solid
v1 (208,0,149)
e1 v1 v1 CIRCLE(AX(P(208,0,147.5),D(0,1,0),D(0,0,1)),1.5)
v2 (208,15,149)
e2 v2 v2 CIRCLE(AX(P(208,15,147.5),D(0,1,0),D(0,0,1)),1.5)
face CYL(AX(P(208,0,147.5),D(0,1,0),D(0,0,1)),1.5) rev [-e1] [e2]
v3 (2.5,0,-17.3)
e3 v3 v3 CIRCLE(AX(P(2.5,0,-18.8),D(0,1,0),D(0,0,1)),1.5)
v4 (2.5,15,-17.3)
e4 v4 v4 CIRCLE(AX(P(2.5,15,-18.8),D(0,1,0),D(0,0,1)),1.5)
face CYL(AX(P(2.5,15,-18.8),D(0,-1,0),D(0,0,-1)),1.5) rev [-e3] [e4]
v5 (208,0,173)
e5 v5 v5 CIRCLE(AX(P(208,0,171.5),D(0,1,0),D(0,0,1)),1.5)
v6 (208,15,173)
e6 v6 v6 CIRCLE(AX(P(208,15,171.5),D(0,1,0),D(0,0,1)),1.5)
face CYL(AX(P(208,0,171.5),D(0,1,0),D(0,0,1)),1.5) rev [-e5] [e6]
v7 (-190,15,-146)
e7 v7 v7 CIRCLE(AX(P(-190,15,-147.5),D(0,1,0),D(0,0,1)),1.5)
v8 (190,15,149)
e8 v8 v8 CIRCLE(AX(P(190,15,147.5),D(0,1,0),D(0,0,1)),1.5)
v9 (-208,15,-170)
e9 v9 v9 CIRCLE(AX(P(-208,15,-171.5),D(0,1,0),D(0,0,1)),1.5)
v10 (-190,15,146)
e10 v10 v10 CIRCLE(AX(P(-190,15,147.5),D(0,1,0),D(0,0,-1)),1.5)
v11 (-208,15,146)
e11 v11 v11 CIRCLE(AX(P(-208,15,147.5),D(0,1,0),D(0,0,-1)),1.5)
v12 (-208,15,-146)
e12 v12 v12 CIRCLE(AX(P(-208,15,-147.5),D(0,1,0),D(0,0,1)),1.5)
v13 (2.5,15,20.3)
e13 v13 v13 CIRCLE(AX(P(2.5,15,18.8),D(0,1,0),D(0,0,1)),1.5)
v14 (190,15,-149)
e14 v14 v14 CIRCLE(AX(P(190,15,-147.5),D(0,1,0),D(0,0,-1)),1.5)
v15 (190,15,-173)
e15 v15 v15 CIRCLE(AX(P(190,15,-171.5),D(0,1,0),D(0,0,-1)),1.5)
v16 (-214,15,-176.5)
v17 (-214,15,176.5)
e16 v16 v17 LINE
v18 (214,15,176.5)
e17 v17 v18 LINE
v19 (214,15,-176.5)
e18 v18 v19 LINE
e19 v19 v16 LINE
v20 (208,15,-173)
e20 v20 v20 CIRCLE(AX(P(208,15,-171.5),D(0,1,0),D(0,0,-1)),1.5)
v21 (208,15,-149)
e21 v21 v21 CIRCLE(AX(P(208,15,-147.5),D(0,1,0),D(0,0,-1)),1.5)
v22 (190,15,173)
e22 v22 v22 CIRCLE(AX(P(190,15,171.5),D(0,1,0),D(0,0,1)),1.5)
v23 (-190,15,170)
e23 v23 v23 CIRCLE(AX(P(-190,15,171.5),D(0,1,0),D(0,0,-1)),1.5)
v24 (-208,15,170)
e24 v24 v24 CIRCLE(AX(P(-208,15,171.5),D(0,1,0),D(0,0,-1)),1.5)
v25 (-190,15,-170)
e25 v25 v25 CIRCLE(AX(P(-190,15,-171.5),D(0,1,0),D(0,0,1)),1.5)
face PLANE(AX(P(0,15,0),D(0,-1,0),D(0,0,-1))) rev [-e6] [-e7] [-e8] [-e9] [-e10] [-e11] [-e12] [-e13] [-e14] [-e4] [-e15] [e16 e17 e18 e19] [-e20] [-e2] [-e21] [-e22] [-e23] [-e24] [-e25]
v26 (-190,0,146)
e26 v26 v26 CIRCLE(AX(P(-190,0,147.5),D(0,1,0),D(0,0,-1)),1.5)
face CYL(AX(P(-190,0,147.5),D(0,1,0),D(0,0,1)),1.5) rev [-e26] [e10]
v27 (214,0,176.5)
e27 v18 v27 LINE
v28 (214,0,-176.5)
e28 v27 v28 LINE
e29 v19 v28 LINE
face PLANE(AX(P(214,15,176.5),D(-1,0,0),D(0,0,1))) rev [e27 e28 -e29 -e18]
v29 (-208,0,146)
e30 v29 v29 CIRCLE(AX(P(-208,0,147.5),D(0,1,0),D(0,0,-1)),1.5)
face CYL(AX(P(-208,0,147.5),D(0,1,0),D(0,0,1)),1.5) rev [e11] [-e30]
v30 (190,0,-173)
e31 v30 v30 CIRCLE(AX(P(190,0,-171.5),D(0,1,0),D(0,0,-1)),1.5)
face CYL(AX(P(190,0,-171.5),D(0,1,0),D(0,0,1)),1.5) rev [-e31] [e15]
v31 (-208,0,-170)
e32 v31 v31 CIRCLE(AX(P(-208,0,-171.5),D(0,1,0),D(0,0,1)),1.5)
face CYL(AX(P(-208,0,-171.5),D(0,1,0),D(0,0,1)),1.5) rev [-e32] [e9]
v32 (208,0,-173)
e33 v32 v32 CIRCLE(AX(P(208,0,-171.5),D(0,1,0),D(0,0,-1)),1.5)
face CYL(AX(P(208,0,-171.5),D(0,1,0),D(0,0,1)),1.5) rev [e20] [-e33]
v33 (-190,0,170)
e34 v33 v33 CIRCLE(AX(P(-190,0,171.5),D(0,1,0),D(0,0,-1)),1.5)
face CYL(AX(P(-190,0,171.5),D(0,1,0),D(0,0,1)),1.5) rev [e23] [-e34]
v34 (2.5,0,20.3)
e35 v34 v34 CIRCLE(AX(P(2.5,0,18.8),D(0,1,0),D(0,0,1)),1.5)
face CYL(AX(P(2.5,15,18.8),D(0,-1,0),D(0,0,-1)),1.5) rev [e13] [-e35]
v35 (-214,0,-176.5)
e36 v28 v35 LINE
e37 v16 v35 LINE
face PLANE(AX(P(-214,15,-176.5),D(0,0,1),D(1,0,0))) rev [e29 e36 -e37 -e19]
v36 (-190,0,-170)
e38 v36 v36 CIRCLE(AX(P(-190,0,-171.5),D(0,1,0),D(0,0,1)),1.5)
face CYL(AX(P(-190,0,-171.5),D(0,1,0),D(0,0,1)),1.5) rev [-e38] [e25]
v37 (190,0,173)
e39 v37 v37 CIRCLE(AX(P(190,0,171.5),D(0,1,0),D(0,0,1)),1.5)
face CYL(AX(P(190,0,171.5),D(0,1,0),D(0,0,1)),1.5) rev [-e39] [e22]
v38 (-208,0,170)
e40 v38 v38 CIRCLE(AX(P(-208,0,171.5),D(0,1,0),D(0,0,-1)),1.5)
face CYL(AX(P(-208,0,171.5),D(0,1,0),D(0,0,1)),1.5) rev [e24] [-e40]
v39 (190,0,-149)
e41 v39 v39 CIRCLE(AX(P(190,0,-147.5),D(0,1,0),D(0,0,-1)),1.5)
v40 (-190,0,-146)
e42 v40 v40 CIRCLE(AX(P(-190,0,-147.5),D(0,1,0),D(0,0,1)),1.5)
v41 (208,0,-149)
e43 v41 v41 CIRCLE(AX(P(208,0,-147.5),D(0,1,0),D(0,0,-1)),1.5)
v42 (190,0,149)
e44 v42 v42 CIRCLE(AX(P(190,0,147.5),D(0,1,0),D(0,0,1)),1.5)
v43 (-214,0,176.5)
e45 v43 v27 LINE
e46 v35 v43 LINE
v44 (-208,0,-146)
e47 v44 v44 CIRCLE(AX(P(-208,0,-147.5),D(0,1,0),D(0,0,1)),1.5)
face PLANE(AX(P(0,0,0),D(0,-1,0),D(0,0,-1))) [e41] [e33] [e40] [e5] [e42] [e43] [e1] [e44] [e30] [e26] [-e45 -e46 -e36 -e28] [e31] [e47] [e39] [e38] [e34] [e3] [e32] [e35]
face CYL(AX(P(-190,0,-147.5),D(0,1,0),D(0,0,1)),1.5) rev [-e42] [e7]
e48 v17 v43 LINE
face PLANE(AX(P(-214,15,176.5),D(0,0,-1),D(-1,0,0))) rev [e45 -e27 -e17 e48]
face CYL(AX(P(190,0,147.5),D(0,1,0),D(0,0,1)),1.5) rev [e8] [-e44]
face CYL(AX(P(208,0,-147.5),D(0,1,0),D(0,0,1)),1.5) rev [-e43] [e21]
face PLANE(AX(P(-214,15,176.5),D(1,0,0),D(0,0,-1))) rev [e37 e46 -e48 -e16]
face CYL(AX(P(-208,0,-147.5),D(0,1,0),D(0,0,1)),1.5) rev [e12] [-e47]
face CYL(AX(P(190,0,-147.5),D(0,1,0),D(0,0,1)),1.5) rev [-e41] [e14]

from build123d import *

# Parameters (mm, degrees)
CROQUIS1_W              = 428
CROQUIS1_H              = 353
CROQUIS1_R              = 1.5
SALIENTE_EXTRUIR1_DEPTH = 15
CROQUIS3_R              = 1.5
CORTAR_EXTRUIR1_DEPTH   = 278.80073794


with BuildPart() as part:
    # Croquis1 → Saliente-Extruir1 (new body)
    with BuildSketch(Plane(origin=(0, 0, 0), x_dir=(1, 0, 0), z_dir=(0, 1, 0))):
        Rectangle(CROQUIS1_W, CROQUIS1_H)
        with Locations(Location((2.5, 18.8, 0), (0, 0, 270))):
            Circle(CROQUIS1_R, mode=Mode.SUBTRACT)
        with Locations(Location((2.5, -18.8, 0), (0, 0, 270))):
            Circle(CROQUIS1_R, mode=Mode.SUBTRACT)
    extrude(amount=SALIENTE_EXTRUIR1_DEPTH)

    # Croquis3 → Cortar-Extruir1 (cut, through all)
    with BuildSketch(Plane(origin=(0, 15, 0), x_dir=(1, 0, 0), z_dir=(0, 1, 0))):
        with Locations(Location((208, -171.5, 0), (0, 0, 270))):
            Circle(CROQUIS3_R)
        with Locations(Location((190, -171.5, 0), (0, 0, 270))):
            Circle(CROQUIS3_R)
        with Locations(Location((190, -147.5, 0), (0, 0, 270))):
            Circle(CROQUIS3_R)
        with Locations(Location((208, -147.5, 0), (0, 0, 270))):
            Circle(CROQUIS3_R)
        with Locations(Location((-208, -171.5, 0), (0, 0, 90))):
            Circle(CROQUIS3_R)
        with Locations(Location((-190, -171.5, 0), (0, 0, 90))):
            Circle(CROQUIS3_R)
        with Locations(Location((-208, -147.5, 0), (0, 0, 90))):
            Circle(CROQUIS3_R)
        with Locations(Location((-190, -147.5, 0), (0, 0, 90))):
            Circle(CROQUIS3_R)
        with Locations(Location((-208, 171.5, 0), (0, 0, 270))):
            Circle(CROQUIS3_R)
        with Locations(Location((-190, 171.5, 0), (0, 0, 270))):
            Circle(CROQUIS3_R)
        with Locations(Location((-190, 147.5, 0), (0, 0, 270))):
            Circle(CROQUIS3_R)
        with Locations(Location((-208, 147.5, 0), (0, 0, 270))):
            Circle(CROQUIS3_R)
        with Locations(Location((208, 171.5, 0), (0, 0, 90))):
            Circle(CROQUIS3_R)
        with Locations(Location((190, 171.5, 0), (0, 0, 90))):
            Circle(CROQUIS3_R)
        with Locations(Location((190, 147.5, 0), (0, 0, 90))):
            Circle(CROQUIS3_R)
        with Locations(Location((208, 147.5, 0), (0, 0, 90))):
            Circle(CROQUIS3_R)
    extrude(amount=-CORTAR_EXTRUIR1_DEPTH, mode=Mode.SUBTRACT)


solid = part.part
